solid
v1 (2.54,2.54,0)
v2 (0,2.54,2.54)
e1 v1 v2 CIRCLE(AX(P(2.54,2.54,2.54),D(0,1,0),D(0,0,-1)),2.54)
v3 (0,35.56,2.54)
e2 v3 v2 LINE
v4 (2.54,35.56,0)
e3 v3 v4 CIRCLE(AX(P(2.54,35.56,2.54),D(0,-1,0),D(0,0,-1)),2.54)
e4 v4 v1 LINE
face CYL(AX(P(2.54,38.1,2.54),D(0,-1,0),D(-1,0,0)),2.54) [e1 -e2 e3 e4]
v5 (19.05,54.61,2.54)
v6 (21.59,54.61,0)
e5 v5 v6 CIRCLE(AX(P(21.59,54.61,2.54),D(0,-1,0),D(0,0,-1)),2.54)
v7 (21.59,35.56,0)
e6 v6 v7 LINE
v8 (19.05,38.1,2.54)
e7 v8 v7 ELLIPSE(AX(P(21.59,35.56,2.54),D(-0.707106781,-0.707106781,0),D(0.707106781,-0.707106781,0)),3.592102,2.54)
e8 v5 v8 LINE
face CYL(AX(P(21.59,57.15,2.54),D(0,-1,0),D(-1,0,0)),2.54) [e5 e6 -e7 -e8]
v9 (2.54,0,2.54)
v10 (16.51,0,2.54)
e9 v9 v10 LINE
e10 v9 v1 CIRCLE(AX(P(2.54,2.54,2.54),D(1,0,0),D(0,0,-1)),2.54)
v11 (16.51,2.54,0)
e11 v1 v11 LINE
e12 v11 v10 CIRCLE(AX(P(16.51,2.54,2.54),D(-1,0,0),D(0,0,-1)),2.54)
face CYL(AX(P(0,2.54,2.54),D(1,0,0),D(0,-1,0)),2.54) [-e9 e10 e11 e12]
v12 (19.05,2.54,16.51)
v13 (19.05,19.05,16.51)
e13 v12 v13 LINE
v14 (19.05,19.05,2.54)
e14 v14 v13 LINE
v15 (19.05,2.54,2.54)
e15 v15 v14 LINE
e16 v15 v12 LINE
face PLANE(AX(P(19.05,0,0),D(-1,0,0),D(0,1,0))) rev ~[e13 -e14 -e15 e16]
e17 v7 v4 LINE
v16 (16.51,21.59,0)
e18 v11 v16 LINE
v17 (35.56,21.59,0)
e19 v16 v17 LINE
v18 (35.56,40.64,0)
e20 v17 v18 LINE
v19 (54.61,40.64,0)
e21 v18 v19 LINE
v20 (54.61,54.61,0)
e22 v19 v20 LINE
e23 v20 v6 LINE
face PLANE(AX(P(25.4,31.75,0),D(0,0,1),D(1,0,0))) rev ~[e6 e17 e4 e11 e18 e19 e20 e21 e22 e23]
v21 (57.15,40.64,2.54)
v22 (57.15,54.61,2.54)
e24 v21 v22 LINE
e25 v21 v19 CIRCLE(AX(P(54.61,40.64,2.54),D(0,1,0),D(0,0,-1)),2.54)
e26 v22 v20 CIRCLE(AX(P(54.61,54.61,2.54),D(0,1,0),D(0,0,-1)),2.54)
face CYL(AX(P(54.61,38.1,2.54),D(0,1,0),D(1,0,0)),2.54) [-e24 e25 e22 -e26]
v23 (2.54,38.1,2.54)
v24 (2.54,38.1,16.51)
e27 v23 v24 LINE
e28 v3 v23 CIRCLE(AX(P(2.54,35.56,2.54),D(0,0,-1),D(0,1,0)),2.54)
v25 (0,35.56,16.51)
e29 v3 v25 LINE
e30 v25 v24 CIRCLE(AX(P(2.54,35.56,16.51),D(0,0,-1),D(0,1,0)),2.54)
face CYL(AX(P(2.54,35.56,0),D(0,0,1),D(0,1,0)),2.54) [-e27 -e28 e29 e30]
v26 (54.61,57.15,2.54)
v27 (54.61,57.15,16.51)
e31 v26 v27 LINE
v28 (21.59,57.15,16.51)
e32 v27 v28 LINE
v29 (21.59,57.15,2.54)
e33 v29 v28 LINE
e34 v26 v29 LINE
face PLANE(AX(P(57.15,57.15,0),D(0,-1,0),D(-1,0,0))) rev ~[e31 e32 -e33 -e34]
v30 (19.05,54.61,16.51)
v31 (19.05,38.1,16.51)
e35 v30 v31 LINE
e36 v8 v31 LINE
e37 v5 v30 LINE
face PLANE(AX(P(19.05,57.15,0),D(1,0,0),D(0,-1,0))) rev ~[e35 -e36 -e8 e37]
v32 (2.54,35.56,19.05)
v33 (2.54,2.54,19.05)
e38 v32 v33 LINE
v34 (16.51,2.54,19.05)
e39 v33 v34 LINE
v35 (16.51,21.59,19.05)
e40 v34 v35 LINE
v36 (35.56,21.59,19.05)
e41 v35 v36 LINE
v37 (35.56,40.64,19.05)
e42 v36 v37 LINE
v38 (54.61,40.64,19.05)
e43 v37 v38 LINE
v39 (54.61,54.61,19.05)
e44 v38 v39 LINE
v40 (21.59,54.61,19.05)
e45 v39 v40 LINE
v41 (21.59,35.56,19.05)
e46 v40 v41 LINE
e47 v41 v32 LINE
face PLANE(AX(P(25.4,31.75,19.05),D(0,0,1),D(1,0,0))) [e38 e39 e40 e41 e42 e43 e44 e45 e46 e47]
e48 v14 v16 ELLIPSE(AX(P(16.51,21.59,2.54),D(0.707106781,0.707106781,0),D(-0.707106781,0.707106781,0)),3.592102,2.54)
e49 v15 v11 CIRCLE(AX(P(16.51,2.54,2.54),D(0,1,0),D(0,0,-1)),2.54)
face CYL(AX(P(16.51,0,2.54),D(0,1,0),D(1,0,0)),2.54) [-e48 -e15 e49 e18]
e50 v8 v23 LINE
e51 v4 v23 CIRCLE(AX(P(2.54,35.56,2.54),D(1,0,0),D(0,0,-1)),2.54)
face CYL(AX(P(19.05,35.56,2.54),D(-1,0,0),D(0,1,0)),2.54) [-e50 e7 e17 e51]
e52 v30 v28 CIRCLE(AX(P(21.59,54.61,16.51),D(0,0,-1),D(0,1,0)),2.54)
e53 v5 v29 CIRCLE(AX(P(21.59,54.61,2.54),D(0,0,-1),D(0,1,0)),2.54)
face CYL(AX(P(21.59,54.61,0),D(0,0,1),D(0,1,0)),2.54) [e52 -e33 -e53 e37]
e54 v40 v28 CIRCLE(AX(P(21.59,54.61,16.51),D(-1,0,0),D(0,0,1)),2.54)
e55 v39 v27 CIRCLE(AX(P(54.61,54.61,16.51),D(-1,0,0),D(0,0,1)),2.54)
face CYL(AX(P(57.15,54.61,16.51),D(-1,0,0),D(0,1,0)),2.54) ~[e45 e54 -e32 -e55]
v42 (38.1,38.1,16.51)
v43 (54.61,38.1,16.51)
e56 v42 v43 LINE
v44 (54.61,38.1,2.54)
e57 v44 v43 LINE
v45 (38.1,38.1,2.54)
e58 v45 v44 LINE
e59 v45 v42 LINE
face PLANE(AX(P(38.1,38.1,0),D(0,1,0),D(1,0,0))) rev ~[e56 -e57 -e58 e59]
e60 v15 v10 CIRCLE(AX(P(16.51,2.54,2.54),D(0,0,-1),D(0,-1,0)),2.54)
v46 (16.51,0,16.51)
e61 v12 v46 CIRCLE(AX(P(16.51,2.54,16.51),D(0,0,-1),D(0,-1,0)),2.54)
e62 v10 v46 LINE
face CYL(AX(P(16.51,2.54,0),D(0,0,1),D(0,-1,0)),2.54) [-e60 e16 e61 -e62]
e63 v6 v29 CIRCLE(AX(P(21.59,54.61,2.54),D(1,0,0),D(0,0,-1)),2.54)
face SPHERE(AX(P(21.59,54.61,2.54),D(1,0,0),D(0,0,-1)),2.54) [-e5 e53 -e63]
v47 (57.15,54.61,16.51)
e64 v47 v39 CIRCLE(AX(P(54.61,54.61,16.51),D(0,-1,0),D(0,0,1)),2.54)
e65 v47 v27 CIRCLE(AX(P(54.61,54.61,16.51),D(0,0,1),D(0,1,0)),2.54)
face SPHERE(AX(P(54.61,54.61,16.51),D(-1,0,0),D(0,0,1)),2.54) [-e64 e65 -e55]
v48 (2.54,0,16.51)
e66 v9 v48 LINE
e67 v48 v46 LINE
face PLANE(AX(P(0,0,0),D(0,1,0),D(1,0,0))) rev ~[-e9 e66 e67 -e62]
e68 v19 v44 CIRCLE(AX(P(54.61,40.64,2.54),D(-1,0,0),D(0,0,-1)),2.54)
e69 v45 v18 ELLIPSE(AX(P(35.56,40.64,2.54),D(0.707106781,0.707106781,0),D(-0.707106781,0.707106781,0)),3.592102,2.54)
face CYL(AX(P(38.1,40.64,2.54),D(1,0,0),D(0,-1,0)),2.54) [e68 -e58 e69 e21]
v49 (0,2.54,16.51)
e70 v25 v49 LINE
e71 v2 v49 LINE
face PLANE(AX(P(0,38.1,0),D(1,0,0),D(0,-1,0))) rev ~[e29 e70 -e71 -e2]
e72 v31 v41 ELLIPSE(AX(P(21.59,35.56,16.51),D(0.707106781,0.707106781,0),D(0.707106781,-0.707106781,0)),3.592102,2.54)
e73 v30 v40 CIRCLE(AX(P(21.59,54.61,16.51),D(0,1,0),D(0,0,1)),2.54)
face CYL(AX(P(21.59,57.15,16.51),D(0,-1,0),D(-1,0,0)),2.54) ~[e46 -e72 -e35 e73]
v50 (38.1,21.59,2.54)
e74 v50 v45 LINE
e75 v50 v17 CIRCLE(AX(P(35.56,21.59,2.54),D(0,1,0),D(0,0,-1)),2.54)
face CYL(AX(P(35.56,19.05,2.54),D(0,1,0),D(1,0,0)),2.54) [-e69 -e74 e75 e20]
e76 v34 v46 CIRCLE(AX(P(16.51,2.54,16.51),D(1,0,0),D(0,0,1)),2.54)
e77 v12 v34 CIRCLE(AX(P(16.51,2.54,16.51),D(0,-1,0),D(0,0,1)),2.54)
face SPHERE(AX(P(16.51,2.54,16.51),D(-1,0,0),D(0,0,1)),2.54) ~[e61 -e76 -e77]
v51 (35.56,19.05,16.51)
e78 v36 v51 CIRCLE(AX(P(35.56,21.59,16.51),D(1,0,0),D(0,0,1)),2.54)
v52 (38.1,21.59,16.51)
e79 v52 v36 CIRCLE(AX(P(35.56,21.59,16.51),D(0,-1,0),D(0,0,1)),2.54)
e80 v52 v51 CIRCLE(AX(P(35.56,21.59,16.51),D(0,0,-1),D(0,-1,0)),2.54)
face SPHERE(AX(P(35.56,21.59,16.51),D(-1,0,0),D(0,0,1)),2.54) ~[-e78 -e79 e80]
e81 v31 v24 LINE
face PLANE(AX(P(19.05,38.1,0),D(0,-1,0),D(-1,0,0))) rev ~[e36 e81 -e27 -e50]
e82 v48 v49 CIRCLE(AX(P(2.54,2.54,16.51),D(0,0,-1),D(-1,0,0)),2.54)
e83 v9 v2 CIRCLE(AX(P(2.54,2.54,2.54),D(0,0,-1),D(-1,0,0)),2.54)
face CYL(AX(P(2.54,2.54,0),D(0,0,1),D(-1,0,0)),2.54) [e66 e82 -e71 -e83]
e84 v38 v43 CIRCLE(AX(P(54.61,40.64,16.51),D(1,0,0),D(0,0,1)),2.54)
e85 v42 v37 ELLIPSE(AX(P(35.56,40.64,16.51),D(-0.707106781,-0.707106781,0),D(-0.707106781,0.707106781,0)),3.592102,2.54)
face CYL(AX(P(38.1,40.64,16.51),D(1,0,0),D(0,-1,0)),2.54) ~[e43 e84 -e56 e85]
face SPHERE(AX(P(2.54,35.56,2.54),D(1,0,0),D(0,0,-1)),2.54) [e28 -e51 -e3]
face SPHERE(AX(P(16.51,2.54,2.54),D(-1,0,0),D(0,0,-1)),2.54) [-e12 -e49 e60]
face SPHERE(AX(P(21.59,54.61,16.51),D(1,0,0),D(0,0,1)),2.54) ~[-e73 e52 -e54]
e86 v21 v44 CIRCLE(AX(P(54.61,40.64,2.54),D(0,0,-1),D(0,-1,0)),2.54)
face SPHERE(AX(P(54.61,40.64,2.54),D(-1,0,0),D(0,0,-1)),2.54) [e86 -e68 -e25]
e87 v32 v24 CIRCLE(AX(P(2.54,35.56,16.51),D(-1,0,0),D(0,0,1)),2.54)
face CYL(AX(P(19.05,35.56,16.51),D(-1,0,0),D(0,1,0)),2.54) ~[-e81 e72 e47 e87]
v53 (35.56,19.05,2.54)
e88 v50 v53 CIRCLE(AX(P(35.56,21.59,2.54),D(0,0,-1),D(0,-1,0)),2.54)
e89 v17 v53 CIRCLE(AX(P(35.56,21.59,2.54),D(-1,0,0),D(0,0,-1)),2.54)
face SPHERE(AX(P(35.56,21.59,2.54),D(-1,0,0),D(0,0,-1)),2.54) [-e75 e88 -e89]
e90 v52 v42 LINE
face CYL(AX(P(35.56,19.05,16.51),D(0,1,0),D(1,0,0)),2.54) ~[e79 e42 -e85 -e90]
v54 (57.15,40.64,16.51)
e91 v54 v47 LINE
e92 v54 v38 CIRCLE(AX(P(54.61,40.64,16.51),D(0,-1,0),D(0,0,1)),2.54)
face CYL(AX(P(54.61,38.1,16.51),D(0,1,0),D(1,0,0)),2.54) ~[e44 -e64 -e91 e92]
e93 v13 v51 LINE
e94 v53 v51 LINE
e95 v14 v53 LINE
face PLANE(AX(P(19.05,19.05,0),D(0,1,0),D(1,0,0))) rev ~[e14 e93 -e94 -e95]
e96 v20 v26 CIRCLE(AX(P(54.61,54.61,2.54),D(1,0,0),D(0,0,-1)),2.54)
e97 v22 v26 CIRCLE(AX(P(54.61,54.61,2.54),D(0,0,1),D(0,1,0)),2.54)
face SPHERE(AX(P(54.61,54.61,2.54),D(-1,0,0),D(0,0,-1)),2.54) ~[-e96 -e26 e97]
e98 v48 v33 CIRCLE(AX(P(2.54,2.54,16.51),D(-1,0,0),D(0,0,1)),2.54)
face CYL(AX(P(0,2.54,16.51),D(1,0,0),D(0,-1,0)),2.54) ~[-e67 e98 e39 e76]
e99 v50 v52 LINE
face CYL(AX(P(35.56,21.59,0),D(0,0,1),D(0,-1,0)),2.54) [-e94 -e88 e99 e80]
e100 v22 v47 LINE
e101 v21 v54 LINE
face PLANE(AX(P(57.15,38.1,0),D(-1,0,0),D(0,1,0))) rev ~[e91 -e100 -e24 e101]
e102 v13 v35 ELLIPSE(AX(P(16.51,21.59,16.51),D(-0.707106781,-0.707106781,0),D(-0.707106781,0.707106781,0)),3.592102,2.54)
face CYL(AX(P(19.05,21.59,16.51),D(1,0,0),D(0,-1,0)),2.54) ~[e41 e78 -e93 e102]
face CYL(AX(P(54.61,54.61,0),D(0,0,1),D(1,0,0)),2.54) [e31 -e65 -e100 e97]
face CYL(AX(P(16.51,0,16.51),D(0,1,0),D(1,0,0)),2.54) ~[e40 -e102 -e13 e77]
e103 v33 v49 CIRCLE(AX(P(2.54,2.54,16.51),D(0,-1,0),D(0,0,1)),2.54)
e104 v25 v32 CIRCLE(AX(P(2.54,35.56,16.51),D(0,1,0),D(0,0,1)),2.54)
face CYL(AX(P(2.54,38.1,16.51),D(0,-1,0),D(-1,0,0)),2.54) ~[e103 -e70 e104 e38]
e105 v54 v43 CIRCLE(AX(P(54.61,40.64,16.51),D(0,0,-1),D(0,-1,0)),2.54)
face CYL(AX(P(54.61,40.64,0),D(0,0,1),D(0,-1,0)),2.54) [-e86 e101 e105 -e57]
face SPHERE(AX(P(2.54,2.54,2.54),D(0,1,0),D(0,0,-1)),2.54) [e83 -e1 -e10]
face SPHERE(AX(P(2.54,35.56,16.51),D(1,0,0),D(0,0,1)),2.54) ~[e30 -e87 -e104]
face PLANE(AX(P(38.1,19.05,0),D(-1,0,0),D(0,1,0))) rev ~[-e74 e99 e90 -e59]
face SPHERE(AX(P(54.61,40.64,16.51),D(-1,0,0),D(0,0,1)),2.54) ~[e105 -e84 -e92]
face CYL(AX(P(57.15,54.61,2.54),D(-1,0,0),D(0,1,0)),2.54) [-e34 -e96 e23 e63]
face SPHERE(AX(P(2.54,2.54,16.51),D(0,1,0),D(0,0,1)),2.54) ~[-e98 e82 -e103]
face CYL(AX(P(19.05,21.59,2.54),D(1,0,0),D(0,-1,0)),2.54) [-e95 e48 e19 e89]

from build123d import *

# Parameters (mm, degrees)
F1_DEPTH = 19.05
F2_R     = 2.54


with BuildPart() as f1:
    # F0 (on Top) → F1 (new body)
    with BuildSketch(Plane.XY):
        Polygon((19.05, 38.1), (0, 38.1), (0, 0), (19.05, 0), (19.05, 19.05), (38.1, 19.05), (38.1, 38.1), (57.15, 38.1), (57.15, 57.15), (19.05, 57.15), align=None)
    extrude(amount=F1_DEPTH)

    # F2
    f2_edges = [f1.edges().sort_by_distance(p)[0] for p in [
        (38.1, 57.15, 19.05),
        (19.05, 47.625, 19.05),
        (9.525, 38.1, 19.05),
        (0, 19.05, 19.05),
        (9.525, 0, 19.05),
        (19.05, 9.525, 19.05),
        (28.575, 19.05, 19.05),
        (38.1, 28.575, 19.05),
        (47.625, 38.1, 19.05),
        (57.15, 47.625, 19.05),
        (38.1, 57.15, 0),
        (19.05, 47.625, 0),
        (9.525, 38.1, 0),
        (0, 19.05, 0),
        (9.525, 0, 0),
        (19.05, 9.525, 0),
        (28.575, 19.05, 0),
        (38.1, 28.575, 0),
        (47.625, 38.1, 0),
        (57.15, 47.625, 0),
        (0, 0, 9.525),
        (19.05, 0, 9.525),
        (57.15, 38.1, 9.525),
        (57.15, 57.15, 9.525),
        (38.1, 19.05, 9.525),
        (19.05, 57.15, 9.525),
        (0, 38.1, 9.525),
    ]]
    fillet(f2_edges, radius=F2_R)


solid = f1.part
